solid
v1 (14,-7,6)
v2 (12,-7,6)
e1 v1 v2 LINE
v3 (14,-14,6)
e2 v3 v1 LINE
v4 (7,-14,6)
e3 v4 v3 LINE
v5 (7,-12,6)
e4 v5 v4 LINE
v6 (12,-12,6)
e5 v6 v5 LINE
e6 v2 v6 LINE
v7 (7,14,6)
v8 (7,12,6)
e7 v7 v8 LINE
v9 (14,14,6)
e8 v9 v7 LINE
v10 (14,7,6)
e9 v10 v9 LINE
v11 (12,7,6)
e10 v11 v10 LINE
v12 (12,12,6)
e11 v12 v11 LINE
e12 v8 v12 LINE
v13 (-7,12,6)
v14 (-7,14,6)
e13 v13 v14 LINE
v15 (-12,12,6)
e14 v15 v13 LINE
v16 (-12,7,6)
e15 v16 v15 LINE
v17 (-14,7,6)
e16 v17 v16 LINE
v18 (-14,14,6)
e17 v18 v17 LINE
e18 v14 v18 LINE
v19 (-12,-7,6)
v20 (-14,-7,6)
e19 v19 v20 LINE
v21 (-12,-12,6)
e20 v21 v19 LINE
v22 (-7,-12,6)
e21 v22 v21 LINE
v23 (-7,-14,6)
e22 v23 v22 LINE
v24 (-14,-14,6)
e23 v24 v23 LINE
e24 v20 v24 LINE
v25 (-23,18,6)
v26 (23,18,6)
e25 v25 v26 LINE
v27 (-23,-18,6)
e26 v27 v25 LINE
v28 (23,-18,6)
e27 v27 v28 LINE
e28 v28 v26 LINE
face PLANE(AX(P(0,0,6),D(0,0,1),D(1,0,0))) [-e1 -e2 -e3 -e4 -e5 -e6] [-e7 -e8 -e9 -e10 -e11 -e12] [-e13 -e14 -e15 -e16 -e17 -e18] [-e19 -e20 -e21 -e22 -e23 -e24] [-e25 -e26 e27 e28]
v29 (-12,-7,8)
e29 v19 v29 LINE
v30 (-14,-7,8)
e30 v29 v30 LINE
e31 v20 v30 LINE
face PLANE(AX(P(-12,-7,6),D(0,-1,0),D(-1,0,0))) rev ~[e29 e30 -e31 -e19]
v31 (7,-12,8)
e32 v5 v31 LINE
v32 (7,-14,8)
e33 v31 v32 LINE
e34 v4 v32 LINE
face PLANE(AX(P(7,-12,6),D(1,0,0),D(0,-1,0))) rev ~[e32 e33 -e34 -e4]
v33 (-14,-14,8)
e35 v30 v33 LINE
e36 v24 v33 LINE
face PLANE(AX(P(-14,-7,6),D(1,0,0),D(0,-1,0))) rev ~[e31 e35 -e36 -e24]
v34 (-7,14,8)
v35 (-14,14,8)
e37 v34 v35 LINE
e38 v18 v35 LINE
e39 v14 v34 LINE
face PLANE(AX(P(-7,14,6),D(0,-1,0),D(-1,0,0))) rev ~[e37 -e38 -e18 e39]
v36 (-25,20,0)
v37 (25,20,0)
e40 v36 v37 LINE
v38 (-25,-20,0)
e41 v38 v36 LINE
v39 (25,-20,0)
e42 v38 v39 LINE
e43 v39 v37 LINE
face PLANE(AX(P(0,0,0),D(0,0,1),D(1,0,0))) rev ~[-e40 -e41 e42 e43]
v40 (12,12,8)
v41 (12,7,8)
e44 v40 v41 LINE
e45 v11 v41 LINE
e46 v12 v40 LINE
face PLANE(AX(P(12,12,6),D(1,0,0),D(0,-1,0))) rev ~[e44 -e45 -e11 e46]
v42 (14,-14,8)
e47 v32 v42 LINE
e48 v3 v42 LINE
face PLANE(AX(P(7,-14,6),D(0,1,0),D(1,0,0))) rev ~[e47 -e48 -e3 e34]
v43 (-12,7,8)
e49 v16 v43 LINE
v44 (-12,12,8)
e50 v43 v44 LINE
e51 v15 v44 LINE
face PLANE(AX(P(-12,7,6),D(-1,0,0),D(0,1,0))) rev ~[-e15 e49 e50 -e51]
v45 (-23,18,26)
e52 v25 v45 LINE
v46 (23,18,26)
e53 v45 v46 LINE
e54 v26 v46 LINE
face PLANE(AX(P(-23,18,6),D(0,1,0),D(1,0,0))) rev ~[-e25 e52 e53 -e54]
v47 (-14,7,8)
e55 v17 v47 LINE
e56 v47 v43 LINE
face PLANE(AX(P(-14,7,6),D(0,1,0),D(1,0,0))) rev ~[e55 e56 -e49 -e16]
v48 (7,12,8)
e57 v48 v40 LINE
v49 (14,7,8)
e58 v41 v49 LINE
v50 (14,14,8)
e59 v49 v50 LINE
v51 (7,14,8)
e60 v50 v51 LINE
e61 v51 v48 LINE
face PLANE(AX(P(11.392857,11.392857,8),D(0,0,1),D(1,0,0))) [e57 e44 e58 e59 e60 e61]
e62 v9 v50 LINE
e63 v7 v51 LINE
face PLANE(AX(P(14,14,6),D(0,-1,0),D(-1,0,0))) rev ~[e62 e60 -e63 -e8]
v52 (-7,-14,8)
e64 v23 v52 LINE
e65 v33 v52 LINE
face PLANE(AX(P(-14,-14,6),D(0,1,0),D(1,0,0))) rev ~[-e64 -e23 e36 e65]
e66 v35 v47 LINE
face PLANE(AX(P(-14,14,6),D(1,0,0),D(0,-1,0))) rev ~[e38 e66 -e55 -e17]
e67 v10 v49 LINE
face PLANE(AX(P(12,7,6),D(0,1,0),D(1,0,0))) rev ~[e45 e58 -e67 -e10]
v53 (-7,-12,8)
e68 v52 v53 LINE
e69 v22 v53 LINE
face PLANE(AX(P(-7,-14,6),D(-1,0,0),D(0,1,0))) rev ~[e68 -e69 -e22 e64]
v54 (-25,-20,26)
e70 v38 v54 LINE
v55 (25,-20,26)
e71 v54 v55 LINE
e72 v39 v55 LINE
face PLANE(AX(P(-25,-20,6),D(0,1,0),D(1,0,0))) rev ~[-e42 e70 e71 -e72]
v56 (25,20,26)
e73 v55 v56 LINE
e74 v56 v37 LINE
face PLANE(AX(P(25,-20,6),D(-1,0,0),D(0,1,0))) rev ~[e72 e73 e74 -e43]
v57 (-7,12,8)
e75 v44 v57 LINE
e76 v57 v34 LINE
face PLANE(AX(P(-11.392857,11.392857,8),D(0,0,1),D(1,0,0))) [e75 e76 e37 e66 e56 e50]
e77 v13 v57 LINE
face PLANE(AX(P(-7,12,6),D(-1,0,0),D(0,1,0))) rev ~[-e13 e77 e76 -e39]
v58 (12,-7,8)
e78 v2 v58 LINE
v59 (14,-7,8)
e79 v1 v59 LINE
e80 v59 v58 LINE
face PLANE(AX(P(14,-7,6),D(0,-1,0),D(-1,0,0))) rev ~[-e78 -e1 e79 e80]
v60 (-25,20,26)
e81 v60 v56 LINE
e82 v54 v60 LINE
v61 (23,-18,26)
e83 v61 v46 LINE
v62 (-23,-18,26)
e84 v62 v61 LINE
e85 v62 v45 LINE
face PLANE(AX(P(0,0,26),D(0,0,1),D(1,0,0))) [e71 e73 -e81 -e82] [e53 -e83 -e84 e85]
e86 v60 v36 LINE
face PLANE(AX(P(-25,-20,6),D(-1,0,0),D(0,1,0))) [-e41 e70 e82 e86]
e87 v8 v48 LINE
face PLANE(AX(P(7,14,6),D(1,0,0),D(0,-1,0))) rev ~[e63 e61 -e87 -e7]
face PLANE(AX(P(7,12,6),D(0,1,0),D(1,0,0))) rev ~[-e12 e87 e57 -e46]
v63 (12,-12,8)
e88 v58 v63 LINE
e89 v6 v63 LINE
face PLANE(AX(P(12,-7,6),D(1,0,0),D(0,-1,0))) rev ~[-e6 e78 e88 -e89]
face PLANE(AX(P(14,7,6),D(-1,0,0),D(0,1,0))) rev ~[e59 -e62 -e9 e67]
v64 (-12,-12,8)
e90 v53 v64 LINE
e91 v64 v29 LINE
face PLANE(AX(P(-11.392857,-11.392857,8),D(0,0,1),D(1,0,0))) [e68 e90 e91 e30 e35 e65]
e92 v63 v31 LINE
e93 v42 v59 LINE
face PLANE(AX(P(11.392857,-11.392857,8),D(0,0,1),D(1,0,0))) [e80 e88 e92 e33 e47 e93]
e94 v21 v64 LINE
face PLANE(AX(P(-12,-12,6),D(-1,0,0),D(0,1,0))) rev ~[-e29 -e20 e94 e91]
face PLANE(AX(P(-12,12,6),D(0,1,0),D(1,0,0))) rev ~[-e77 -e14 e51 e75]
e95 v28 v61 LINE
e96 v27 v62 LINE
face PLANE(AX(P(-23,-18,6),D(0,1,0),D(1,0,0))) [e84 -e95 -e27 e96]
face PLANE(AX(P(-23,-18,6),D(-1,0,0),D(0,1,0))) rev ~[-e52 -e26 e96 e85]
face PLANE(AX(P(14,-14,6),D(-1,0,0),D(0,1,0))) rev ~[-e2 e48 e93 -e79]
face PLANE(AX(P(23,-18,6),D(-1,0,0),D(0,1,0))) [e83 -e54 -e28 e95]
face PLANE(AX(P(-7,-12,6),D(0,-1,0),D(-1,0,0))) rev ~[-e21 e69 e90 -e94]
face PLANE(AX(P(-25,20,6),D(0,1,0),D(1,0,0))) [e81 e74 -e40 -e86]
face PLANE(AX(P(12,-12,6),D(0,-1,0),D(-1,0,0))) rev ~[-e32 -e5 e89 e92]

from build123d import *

# Parameters (mm, degrees)
F0_W     = 50
F0_H     = 40
F1_DEPTH = 6
F2_W     = 50
F2_H     = 40
F2_W_2   = 46
F2_H_2   = 36
F3_DEPTH = 20
F5_DEPTH = 2


with BuildPart() as f1:
    # F0 (on Top) → F1 (new body)
    with BuildSketch(Plane.XY):
        Rectangle(F0_W, F0_H)
    extrude(amount=F1_DEPTH)

    # F2 (on face) → F3 (join)
    with BuildSketch(Plane.XY.offset(6)):
        Rectangle(F2_W, F2_H)
        Rectangle(F2_W_2, F2_H_2, mode=Mode.SUBTRACT)
    extrude(amount=F3_DEPTH)

    # F4 (on face) → F5 (join)
    with BuildSketch(Plane.XY.offset(6)):
        Polygon((-12, 7), (-12, 12), (-7, 12), (-7, 14), (-14, 14), (-14, 7), align=None)
        Polygon((7, 12), (12, 12), (12, 7), (14, 7), (14, 14), (7, 14), align=None)
        Polygon((14, -7), (12, -7), (12, -12), (7, -12), (7, -14), (14, -14), align=None)
        Polygon((-7, -12), (-12, -12), (-12, -7), (-14, -7), (-14, -14), (-7, -14), align=None)
    extrude(amount=F5_DEPTH)


solid = f1.part
